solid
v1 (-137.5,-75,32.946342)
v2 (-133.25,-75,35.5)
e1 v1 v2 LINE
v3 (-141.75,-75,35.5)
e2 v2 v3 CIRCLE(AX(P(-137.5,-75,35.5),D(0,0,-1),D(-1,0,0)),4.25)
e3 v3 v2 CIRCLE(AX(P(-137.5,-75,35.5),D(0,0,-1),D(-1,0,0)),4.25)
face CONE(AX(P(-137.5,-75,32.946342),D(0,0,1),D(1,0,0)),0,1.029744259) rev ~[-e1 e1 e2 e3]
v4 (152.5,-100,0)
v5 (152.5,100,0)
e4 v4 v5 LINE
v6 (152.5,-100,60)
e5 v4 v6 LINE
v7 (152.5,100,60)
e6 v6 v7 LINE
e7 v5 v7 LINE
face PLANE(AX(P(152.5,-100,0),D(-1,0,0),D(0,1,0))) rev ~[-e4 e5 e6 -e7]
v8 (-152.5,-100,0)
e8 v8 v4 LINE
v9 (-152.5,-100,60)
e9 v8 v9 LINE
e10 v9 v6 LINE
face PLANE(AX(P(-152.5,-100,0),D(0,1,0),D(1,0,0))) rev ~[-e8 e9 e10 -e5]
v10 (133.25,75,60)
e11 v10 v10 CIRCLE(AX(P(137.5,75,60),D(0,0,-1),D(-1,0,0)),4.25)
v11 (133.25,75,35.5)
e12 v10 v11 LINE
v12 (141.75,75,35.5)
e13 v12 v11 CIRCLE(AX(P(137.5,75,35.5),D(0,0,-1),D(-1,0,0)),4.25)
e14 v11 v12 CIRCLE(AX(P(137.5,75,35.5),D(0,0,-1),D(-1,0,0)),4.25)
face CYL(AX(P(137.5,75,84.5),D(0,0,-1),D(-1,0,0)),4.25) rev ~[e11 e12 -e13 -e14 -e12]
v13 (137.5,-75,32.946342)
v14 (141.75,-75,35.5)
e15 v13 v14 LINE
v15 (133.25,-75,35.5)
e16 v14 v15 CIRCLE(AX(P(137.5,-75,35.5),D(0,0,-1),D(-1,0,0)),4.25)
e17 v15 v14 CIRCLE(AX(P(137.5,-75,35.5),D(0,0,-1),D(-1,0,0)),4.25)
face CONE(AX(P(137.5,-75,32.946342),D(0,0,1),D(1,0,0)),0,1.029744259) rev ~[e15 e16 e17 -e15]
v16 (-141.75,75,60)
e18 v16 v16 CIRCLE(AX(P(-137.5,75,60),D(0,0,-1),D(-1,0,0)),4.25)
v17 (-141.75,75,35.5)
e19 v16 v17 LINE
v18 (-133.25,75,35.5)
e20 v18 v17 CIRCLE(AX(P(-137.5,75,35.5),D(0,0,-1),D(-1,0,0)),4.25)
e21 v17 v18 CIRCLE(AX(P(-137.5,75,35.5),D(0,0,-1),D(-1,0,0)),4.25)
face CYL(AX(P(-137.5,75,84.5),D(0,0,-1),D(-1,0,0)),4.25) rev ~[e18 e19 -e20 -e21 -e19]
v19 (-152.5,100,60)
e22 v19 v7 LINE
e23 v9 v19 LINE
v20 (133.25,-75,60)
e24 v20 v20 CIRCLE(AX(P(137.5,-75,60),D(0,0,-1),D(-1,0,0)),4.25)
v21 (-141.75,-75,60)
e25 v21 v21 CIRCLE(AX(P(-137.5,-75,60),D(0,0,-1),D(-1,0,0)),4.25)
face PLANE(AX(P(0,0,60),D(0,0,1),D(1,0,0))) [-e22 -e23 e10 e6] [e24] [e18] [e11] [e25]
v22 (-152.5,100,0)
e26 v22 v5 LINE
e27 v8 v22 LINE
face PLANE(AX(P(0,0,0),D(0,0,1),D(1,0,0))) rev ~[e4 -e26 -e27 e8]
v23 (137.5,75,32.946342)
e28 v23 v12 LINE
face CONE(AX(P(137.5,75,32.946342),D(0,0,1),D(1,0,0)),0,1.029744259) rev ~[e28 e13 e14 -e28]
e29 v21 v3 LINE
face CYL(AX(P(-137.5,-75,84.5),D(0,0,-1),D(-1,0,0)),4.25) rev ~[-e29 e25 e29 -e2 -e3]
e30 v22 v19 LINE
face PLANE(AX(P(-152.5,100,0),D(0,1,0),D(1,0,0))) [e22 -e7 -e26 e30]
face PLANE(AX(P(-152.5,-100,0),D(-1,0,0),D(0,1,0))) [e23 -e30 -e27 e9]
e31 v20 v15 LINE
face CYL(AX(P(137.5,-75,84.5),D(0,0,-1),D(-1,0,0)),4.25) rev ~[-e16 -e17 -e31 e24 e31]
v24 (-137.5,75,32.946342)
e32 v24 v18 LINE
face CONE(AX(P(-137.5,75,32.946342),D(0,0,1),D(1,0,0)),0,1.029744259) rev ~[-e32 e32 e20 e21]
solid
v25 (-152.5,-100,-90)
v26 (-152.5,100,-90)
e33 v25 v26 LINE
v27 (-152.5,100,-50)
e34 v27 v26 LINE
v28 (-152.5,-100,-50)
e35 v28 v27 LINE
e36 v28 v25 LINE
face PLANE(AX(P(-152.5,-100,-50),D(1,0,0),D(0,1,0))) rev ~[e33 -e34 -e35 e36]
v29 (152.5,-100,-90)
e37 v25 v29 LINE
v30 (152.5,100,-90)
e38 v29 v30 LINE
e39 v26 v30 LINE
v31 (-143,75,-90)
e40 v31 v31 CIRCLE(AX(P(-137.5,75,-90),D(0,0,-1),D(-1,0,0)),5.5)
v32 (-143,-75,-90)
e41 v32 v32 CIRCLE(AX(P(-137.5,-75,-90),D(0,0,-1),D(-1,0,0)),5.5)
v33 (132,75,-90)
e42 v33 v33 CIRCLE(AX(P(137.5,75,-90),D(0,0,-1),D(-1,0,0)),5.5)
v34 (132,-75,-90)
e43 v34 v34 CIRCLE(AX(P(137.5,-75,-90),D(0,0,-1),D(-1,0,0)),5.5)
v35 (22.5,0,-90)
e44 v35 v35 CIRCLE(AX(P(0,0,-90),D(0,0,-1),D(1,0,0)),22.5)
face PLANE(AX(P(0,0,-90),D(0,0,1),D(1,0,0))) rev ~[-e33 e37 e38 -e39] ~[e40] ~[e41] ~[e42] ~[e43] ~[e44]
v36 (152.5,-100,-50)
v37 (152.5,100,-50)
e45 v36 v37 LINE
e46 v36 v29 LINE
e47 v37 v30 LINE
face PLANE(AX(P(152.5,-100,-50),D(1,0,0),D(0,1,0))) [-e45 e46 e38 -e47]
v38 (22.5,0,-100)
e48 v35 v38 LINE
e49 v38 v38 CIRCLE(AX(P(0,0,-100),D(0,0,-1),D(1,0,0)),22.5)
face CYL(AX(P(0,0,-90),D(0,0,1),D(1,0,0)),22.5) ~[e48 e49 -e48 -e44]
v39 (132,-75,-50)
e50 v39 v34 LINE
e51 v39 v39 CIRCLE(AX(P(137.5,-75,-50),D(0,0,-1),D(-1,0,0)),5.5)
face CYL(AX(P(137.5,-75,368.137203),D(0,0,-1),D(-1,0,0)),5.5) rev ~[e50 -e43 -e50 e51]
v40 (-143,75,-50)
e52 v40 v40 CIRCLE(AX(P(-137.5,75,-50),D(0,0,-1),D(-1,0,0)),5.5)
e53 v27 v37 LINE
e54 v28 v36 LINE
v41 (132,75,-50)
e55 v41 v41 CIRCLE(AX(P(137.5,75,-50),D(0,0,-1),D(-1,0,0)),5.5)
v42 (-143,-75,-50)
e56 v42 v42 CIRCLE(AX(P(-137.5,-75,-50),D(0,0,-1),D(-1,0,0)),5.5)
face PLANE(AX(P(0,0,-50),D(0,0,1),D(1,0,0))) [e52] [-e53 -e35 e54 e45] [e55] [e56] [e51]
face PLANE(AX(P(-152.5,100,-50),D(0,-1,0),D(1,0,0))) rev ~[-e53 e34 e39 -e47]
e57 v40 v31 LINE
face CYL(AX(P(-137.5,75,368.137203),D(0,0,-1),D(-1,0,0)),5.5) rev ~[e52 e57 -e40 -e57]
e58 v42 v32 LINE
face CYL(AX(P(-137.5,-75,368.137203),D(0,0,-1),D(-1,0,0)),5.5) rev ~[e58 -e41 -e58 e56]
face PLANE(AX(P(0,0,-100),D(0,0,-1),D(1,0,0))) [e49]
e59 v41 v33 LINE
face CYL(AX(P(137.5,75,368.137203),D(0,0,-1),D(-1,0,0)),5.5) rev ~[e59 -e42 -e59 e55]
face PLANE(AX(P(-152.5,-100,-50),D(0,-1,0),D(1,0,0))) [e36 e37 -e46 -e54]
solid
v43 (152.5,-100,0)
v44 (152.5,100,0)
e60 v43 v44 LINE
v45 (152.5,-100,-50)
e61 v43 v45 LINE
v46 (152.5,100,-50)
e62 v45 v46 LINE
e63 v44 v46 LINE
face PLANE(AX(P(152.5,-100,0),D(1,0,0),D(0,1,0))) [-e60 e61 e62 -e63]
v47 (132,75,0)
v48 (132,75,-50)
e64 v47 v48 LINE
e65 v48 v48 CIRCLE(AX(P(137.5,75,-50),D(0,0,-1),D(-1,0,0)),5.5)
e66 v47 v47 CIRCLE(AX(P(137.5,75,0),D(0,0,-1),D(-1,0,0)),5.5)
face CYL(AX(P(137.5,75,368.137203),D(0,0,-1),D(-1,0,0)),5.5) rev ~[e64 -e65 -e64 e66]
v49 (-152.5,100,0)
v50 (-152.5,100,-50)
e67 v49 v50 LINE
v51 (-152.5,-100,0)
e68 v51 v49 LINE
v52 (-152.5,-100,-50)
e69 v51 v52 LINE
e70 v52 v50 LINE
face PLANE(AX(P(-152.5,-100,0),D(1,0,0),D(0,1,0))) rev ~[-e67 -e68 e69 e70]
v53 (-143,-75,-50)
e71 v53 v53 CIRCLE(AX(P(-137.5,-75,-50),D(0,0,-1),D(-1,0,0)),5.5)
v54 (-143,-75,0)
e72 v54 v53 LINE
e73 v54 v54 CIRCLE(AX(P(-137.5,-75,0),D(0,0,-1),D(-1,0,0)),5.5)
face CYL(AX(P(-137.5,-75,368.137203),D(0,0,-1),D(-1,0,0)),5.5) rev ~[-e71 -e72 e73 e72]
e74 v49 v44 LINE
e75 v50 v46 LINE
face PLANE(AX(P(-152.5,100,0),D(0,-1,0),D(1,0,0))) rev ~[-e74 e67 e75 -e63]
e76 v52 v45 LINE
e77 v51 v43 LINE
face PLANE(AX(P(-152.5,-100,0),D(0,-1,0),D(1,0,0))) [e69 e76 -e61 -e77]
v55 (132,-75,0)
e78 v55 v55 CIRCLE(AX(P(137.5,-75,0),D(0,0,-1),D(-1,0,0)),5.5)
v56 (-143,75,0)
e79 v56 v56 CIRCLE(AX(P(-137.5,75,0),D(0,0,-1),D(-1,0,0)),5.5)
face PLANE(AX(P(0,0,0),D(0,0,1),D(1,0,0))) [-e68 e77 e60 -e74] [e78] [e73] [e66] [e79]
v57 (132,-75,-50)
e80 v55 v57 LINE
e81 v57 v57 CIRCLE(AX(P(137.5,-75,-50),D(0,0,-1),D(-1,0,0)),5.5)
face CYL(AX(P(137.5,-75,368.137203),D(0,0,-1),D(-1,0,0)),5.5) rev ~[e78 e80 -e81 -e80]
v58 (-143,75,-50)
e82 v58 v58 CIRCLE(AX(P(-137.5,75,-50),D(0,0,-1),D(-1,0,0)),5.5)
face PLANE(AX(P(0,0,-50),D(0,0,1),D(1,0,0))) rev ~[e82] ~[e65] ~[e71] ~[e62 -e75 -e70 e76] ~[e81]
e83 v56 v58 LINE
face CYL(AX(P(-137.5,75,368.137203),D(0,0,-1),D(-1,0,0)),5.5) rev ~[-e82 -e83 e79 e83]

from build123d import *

# Parameters (mm, degrees)
F3_W      = 305
F3_H      = 200
F4_DEPTH  = 60
F6_D      = 8.5
F6_DEPTH  = 24.5
F6_TIP    = 2.5536576309
F7_DEPTH  = 50
F8_DEPTH  = 40
F9_R      = 22.5
F10_DEPTH = 10
F12_D     = 11
F12_2_D   = 11


with BuildPart() as f4:
    # F3 (on Top) → F4 (new body)
    with BuildSketch(Plane.XY):
        Rectangle(F3_W, F3_H)
    extrude(amount=F4_DEPTH)

    # F6
    with Locations(Plane.XY.offset(60)):
        with Locations((-137.5, 75), (137.5, 75), (-137.5, -75), (137.5, -75)):
            Hole(F6_D / 2, depth=F6_DEPTH)
            with Locations((0, 0, -(F6_DEPTH + F6_TIP / 2))):  # 118° drill point
                Cone(0, F6_D / 2, F6_TIP, mode=Mode.SUBTRACT)


with BuildPart() as f7:
    # F3 (on Top) → F7 (new body)
    with BuildSketch(Plane.XY):
        Rectangle(F3_W, F3_H)
    extrude(amount=-F7_DEPTH)


with BuildPart() as f8:
    # F8 (new): a face of the model
    f8_faces = [f7.part.faces().sort_by_distance(p)[0] for p in [
        (0, 0, -50),
    ]]
    extrude(f8_faces, amount=F8_DEPTH)

    # F9 (on face) → F10 (join)
    with BuildSketch(Plane(origin=(0, 0, -90), x_dir=(1, 0, 0), z_dir=(0, 0, -1))):
        Circle(F9_R)
    extrude(amount=F10_DEPTH)

    # F12#2 (through all)
    with Locations(Plane.XY):
        with Locations((-137.5, -75), (-137.5, 75), (137.5, 75), (137.5, -75)):
            Hole(F12_2_D / 2)


with BuildPart() as f7_1:
    add(f7.part)

    # F12 (through all)
    with Locations(Plane.XY):
        with Locations((-137.5, -75), (-137.5, 75), (137.5, 75), (137.5, -75)):
            Hole(F12_D / 2)


solid = Compound([f4.part, f8.part, f7_1.part])
